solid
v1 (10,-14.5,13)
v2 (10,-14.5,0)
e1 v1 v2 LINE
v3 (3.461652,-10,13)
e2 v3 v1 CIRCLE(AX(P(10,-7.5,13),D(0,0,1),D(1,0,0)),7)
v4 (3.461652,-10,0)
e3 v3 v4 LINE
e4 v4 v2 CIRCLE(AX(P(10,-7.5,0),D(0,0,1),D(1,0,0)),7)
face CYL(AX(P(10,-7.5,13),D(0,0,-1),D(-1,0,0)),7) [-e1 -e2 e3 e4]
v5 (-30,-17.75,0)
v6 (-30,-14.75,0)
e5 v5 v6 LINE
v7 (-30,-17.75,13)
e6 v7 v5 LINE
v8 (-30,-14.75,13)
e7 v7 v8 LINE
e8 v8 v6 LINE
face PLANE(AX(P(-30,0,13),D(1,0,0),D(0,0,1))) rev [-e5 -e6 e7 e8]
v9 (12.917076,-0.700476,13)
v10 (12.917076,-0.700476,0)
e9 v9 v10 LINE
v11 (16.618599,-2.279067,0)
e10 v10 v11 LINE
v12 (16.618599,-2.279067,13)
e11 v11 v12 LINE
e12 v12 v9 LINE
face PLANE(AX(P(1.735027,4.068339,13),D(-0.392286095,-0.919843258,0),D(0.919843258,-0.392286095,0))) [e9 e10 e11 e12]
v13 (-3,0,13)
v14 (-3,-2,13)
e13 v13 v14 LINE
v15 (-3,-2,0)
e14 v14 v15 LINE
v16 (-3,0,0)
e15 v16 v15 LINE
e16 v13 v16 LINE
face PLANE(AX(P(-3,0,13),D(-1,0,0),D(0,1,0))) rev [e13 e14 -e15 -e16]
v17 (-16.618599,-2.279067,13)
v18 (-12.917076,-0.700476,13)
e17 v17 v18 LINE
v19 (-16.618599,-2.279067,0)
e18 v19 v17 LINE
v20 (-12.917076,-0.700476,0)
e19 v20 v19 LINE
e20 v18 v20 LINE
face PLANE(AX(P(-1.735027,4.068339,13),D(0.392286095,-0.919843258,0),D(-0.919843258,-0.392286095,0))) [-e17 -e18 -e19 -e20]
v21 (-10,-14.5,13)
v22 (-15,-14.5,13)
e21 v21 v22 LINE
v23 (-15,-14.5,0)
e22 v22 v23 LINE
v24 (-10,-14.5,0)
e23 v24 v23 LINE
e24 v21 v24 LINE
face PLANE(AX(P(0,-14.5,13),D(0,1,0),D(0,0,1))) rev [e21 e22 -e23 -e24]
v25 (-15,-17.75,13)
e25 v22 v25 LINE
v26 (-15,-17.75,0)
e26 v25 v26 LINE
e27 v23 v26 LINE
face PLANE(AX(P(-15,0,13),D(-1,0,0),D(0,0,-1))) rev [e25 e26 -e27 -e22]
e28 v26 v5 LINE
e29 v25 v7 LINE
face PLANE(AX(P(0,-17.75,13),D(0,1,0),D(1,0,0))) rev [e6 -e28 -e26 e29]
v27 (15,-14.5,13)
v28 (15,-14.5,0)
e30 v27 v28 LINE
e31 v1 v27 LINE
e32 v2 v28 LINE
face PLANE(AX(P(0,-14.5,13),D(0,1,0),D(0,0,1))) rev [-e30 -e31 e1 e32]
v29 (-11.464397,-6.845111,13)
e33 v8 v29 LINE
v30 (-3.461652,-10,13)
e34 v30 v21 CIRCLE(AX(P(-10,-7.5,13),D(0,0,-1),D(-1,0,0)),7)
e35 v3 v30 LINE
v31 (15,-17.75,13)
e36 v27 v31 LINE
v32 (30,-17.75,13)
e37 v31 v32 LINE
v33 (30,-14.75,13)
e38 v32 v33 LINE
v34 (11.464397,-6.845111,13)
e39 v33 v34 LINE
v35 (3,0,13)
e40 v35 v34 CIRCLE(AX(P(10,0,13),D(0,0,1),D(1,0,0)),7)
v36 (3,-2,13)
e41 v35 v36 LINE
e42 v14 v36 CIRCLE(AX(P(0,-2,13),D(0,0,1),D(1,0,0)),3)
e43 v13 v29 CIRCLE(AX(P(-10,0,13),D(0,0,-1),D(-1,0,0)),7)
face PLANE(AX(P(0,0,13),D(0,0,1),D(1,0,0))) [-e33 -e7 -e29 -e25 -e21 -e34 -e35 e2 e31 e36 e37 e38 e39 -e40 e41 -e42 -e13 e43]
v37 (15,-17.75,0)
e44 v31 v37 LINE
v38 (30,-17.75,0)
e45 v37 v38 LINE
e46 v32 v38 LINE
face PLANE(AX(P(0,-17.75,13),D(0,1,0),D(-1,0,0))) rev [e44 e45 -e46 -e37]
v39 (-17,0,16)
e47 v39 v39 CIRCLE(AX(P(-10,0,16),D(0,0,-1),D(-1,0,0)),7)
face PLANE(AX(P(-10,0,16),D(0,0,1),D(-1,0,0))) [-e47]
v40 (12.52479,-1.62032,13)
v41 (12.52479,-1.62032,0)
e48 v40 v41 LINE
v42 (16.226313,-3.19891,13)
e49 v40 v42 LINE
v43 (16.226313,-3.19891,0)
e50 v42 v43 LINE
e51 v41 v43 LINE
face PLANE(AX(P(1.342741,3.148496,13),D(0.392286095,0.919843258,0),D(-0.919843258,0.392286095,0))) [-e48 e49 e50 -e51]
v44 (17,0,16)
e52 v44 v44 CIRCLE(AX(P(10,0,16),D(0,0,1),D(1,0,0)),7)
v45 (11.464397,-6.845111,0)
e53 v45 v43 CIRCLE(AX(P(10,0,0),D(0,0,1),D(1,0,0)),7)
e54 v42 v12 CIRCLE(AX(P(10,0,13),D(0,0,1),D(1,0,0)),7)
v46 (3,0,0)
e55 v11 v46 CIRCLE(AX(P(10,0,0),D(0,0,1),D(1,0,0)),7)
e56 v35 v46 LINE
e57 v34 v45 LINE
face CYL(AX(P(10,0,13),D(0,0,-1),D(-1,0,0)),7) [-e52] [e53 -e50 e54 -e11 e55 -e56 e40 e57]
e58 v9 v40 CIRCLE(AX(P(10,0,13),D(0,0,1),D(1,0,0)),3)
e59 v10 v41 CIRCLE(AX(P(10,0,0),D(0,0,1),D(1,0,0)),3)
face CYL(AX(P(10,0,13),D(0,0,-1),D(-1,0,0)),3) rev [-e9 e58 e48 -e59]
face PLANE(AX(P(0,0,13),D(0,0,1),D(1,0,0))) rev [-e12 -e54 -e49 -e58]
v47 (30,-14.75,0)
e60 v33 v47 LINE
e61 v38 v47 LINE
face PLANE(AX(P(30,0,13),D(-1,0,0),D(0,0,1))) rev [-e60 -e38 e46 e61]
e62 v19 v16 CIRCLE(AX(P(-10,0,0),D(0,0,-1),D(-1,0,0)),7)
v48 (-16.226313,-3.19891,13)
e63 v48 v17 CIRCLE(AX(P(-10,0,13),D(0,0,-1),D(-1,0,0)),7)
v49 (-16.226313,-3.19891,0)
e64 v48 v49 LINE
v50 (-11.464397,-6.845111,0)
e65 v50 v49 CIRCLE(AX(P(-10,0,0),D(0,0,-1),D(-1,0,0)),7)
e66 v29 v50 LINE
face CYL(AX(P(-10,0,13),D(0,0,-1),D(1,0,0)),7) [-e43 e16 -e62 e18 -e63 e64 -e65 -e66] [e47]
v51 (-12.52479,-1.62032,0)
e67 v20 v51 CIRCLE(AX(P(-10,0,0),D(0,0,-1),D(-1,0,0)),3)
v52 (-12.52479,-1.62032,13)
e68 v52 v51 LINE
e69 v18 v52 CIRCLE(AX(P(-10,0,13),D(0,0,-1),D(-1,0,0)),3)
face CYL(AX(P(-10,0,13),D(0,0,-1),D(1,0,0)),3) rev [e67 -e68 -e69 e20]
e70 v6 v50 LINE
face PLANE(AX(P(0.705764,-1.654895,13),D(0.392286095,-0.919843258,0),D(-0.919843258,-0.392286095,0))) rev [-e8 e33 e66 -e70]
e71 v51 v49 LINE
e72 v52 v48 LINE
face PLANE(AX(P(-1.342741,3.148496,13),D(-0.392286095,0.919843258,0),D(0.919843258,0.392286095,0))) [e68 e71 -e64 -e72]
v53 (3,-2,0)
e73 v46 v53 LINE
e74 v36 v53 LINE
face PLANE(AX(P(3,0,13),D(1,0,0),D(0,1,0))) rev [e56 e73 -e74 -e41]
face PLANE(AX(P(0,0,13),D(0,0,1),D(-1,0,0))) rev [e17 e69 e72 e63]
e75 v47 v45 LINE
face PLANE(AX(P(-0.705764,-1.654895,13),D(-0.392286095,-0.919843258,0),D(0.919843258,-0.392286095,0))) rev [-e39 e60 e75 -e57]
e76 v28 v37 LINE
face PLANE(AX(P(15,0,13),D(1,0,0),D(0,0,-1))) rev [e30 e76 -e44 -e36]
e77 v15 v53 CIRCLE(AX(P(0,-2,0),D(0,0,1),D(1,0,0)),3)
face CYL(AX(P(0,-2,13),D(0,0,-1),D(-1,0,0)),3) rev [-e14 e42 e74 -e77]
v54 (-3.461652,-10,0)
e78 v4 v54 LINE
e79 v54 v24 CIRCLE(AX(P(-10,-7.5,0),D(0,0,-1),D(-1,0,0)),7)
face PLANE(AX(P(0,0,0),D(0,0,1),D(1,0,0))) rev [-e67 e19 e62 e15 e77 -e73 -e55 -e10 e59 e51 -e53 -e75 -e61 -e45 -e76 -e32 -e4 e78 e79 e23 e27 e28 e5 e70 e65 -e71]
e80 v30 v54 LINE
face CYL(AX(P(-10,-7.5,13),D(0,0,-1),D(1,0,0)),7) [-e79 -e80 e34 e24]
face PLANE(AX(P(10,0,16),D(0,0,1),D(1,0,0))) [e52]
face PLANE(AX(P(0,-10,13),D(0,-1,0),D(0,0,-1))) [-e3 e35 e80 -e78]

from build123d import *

# Parameters (mm, degrees)
SKETCH1_R           = 7
BOSS_EXTRUDE1_DEPTH = 13
SKETCH2_R           = 7
BOSS_EXTRUDE2_DEPTH = 3
SKETCH3_R           = 3
CUT_EXTRUDE1_DEPTH  = 13


with BuildPart() as part:
    # Sketch1 → Boss-Extrude1 (new body)
    with BuildSketch(Plane.XY):
        with Locations((10, 0)):
            Circle(SKETCH1_R)
        with BuildLine():
            ThreePointArc((3.461651585, -10), (6.031373033, -13.266281297), (10, -14.5))
            Line((10, -14.5), (15, -14.5))
            Line((15, -14.5), (15, -17.75))
            Line((15, -17.75), (30, -17.75))
            Line((30, -17.75), (30, -14.75))
            Line((30, -14.75), (16.808917195, -9.124391157))
            Line((16.808917195, -9.124391157), (11.464397441, -6.845110674))
            ThreePointArc((11.464397441, -6.845110674), (5.598340205, -5.442921187), (3, 0))
            Line((3, 0), (3, -2))
            ThreePointArc((3, -2), (2.121320344, -4.121320344), (0, -5))
            Line((0, -5), (0, -10))
            Line((0, -10), (3.461651585, -10))
        make_face()
    extrude(amount=BOSS_EXTRUDE1_DEPTH)

    # Sketch2 → Boss-Extrude2 (add)
    with BuildSketch(Plane.XY.offset(13)):
        with Locations(Location((10, 0, 0), (0, 0, 180))):
            Circle(SKETCH2_R)
    extrude(amount=BOSS_EXTRUDE2_DEPTH)

    # Sketch3 → Cut-Extrude1 (cut)
    with BuildSketch(Plane.XY):
        with Locations((10, 0)):
            Circle(SKETCH3_R)
        with BuildLine():
            ThreePointArc((12.917076099, -0.70047629), (12.759529774, -1.176858286), (12.524790004, -1.620319548))
            Line((12.524790004, -1.620319548), (16.664084665, -3.385606977))
            Line((16.664084665, -3.385606977), (17.05637076, -2.465763719))
            Line((17.05637076, -2.465763719), (12.917076099, -0.70047629))
        make_face()
    extrude(amount=CUT_EXTRUDE1_DEPTH, mode=Mode.SUBTRACT)

    # Mirror1: part across plane


with BuildPart() as part_1:
    add(part.part)
    add(part.part.mirror(Plane(origin=(0, 0, 0), x_dir=(0, 0, 1), z_dir=(1, 0, 0))))


solid = part_1.part
